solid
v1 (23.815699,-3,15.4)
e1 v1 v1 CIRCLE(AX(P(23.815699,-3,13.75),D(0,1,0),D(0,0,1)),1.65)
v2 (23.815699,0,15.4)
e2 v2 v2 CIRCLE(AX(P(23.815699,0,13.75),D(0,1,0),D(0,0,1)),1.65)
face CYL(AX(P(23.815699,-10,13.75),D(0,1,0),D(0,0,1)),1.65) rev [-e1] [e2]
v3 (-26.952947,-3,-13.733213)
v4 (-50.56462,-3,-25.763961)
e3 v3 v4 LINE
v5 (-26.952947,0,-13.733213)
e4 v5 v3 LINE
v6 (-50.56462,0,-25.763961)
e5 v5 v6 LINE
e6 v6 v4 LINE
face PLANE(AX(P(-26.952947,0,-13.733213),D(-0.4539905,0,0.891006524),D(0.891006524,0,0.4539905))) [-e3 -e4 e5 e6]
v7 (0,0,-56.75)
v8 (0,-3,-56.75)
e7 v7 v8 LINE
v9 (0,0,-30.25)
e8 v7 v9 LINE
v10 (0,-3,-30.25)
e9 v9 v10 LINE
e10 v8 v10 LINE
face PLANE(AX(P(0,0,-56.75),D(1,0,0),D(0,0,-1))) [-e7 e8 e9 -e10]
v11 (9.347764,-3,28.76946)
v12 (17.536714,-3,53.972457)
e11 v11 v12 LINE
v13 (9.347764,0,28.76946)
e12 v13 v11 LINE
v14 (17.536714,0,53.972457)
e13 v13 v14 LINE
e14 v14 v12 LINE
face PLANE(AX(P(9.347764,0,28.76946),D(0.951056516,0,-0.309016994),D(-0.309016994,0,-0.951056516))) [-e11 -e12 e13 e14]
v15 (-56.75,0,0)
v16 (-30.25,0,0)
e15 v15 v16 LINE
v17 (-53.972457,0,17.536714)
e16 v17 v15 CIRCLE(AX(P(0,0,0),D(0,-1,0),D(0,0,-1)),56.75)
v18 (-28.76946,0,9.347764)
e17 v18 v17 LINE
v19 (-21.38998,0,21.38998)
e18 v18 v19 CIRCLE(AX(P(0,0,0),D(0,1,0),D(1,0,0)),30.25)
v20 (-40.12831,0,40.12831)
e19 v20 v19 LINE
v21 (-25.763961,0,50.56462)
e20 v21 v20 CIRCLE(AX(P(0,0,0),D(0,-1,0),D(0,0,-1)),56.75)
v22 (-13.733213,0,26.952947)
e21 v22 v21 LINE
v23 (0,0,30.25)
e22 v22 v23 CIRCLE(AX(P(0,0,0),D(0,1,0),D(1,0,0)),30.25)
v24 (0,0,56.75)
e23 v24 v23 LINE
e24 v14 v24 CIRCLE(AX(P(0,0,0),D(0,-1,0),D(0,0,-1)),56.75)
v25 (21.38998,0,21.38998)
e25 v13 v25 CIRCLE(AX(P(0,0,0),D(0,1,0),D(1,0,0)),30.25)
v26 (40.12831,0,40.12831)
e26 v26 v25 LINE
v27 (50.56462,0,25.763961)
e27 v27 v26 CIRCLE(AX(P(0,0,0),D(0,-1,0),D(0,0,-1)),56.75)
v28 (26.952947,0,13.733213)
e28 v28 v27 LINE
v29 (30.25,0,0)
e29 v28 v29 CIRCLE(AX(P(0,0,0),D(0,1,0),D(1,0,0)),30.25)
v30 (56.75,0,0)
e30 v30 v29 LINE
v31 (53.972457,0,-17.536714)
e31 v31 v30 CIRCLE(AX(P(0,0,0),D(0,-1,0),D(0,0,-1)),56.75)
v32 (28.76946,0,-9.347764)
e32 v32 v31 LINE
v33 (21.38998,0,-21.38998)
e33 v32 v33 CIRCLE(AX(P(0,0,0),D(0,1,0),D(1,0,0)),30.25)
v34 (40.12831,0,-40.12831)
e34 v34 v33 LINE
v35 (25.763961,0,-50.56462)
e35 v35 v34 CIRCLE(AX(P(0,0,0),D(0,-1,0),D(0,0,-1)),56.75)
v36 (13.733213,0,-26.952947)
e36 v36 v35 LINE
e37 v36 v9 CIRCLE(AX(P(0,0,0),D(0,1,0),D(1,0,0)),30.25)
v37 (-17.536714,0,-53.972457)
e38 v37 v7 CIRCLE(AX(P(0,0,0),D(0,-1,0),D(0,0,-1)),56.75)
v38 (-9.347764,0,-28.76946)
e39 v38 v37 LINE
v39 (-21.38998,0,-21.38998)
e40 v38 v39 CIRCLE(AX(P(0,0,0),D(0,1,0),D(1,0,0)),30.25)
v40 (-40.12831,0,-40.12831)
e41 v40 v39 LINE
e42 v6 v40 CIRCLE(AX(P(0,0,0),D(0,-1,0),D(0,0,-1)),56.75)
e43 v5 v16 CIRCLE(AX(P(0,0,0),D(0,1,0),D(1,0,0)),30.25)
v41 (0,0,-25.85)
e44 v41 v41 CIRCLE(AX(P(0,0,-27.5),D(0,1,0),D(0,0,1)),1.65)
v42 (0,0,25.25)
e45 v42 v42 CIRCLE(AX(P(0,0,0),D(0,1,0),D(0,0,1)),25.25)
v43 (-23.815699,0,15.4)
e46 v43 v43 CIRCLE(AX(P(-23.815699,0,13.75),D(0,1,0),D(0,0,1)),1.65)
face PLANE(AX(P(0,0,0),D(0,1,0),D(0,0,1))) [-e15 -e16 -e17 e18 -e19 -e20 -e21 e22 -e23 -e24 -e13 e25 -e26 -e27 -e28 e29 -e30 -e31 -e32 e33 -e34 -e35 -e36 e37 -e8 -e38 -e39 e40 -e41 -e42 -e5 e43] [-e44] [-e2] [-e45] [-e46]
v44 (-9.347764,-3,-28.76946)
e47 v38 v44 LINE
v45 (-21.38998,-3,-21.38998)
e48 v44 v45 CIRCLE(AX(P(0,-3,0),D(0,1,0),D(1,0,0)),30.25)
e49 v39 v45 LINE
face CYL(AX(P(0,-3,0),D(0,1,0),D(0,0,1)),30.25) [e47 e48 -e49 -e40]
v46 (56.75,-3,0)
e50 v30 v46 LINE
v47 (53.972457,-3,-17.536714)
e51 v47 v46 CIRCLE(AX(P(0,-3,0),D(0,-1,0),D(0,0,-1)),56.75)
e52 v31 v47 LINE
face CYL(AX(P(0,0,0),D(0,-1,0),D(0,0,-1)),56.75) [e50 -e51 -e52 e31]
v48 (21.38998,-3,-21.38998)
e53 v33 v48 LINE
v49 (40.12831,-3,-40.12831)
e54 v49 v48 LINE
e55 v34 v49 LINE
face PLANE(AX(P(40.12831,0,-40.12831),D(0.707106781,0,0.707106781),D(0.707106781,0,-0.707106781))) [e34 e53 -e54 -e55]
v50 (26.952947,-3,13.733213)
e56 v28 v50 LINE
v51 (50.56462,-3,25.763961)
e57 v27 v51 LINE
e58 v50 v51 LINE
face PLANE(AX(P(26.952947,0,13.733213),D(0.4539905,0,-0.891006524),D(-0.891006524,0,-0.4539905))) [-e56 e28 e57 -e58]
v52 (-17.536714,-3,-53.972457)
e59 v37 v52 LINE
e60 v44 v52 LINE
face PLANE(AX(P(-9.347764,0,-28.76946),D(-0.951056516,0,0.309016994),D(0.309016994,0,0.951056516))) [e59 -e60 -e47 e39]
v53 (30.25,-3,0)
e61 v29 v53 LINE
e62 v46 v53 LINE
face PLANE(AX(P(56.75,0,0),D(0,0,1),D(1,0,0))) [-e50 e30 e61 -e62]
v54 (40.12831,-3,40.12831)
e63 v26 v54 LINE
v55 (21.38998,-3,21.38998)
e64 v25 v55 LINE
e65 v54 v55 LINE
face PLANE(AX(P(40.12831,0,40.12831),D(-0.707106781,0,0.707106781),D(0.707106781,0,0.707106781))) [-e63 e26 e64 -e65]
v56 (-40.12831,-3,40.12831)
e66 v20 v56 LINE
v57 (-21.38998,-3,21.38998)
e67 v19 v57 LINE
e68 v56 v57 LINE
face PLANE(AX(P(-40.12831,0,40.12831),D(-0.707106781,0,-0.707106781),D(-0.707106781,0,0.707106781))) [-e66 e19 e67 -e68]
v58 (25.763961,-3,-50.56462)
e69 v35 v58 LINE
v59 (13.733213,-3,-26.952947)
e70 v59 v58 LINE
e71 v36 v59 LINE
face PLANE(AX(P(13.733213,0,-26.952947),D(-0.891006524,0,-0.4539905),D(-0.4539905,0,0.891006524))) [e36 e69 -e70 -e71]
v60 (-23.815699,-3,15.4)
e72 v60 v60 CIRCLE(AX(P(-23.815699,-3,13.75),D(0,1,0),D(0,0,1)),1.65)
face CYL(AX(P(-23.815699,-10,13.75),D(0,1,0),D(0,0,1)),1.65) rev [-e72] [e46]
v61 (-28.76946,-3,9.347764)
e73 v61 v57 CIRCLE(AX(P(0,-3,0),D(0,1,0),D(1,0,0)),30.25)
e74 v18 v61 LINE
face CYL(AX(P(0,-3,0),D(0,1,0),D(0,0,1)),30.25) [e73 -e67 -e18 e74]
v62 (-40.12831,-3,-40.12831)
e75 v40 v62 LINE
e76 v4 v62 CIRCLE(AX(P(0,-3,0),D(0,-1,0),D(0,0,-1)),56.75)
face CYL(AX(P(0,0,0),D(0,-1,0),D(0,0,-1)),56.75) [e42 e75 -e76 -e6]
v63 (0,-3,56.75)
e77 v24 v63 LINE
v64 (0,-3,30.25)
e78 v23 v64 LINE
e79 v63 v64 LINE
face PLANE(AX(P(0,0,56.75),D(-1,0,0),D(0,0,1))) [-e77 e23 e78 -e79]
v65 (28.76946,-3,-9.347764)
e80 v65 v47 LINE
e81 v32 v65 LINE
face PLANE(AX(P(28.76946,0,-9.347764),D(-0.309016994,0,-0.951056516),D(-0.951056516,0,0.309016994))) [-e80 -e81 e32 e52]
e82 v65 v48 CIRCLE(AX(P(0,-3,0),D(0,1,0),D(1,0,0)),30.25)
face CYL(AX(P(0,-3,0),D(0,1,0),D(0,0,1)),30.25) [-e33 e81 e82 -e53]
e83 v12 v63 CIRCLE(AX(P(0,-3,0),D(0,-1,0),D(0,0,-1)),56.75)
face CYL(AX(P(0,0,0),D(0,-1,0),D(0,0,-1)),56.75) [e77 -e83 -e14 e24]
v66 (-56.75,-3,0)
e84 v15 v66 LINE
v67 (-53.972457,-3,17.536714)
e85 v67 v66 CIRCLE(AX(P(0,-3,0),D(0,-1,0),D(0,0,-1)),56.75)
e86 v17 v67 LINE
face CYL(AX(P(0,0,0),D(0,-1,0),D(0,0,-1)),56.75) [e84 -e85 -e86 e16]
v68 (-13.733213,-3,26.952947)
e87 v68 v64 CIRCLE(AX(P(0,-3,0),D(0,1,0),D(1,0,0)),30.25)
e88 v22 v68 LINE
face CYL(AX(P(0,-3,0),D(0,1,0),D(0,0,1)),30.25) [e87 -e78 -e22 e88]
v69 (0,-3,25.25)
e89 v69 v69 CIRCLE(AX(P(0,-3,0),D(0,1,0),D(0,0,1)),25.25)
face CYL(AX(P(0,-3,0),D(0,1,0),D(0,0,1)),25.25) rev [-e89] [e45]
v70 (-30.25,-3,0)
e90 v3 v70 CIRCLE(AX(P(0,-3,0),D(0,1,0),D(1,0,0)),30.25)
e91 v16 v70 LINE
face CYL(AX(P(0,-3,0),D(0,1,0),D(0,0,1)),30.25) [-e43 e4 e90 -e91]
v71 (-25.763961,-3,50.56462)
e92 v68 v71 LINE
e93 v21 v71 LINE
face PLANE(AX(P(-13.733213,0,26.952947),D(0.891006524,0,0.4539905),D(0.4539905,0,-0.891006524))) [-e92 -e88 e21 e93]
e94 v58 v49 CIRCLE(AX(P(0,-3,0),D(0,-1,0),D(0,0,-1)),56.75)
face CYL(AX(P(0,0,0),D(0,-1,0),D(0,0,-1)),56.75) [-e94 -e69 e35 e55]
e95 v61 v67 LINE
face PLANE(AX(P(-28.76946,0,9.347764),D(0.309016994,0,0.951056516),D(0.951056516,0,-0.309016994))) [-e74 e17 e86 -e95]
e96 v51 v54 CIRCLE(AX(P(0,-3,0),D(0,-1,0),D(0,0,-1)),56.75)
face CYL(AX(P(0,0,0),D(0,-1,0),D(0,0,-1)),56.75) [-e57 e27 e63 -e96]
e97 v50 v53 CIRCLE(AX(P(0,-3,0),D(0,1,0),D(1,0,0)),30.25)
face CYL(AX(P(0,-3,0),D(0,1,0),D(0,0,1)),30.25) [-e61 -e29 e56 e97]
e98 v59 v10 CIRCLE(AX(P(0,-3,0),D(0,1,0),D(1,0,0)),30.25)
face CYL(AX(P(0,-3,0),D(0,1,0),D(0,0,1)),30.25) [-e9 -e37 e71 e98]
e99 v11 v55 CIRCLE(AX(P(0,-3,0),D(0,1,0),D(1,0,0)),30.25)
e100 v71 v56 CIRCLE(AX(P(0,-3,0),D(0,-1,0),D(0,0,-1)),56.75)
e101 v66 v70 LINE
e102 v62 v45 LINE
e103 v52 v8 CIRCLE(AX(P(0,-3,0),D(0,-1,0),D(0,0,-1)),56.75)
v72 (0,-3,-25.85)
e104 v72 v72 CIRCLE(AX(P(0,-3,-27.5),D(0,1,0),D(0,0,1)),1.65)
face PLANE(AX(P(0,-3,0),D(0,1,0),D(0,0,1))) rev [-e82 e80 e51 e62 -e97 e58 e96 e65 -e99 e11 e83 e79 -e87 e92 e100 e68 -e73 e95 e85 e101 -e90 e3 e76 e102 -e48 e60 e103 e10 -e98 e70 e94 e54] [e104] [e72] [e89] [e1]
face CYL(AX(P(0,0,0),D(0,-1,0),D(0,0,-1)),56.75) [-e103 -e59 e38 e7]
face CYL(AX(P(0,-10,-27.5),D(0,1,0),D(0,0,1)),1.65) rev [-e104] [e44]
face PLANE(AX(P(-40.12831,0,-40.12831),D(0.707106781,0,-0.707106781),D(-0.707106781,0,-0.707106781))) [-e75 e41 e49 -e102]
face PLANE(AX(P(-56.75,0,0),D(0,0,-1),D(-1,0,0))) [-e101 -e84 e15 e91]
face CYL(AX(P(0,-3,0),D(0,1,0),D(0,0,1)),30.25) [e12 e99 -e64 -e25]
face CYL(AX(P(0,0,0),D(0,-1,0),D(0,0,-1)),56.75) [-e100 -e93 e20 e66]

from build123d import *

# Parameters (mm, degrees)
SKETCH1_R           = 30.25
SKETCH1_R_2         = 25.25
EXTRUDE_THIN1_DEPTH = 3
SKETCH2_R           = 1.65
CUT_EXTRUDE3_DEPTH  = 10
BOSS_EXTRUDE1_DEPTH = 3


with BuildPart() as part:
    # Sketch1 → Extrude-Thin1 (new body)
    with BuildSketch(Plane(origin=(0, 0, 0), x_dir=(1, 0, 0), z_dir=(0, 1, 0))):
        Circle(SKETCH1_R)
        Circle(SKETCH1_R_2, mode=Mode.SUBTRACT)
    extrude(amount=-EXTRUDE_THIN1_DEPTH)

    # Sketch2 → Cut-Extrude3 (cut)
    with BuildSketch(Plane(origin=(0, 0, 0), x_dir=(1, 0, 0), z_dir=(0, 1, 0))):
        with Locations((0, 27.5)):
            Circle(SKETCH2_R)
        with Locations((23.815698604, -13.75)):
            Circle(SKETCH2_R)
        with Locations((-23.815698604, -13.75)):
            Circle(SKETCH2_R)
    extrude(amount=-CUT_EXTRUDE3_DEPTH, mode=Mode.SUBTRACT)

    # Sketch5 → Boss-Extrude1 (add)
    with BuildSketch(Plane.XZ.offset(3)):
        with BuildLine():
            Line((0, 56.75), (0, 30.25))
            ThreePointArc((0, 30.25), (4.732142567, 29.877572303), (9.34776408, 28.769459618))
            Line((9.34776408, 28.769459618), (17.536714431, 53.9724573))
            ThreePointArc((17.536714431, 53.9724573), (8.877655891, 56.051313329), (0, 56.75))
        make_face()
        with BuildLine():
            Line((40.128309832, 40.128309832), (21.389980131, 21.389980131))
            ThreePointArc((21.389980131, 21.389980131), (24.47276408, 17.780503882), (26.952947357, 13.733212617))
            Line((26.952947357, 13.733212617), (50.564620248, 25.76396086))
            ThreePointArc((50.564620248, 25.76396086), (45.911714431, 33.356813068), (40.128309832, 40.128309832))
        make_face()
        with BuildLine():
            Line((56.75, 0), (30.25, 0))
            ThreePointArc((30.25, 0), (29.877572303, -4.732142567), (28.769459618, -9.34776408))
            Line((28.769459618, -9.34776408), (53.9724573, -17.536714431))
            ThreePointArc((53.9724573, -17.536714431), (56.051313329, -8.877655891), (56.75, 0))
        make_face()
        with BuildLine():
            Line((40.128309832, -40.128309832), (21.389980131, -21.389980131))
            ThreePointArc((21.389980131, -21.389980131), (17.780503882, -24.47276408), (13.733212617, -26.952947357))
            Line((13.733212617, -26.952947357), (25.76396086, -50.564620248))
            ThreePointArc((25.76396086, -50.564620248), (33.356813068, -45.911714431), (40.128309832, -40.128309832))
        make_face()
        with BuildLine():
            Line((0, -56.75), (0, -30.25))
            ThreePointArc((0, -30.25), (-4.732142567, -29.877572303), (-9.34776408, -28.769459618))
            Line((-9.34776408, -28.769459618), (-17.536714431, -53.9724573))
            ThreePointArc((-17.536714431, -53.9724573), (-8.877655891, -56.051313329), (0, -56.75))
        make_face()
        with BuildLine():
            Line((-40.128309832, -40.128309832), (-21.389980131, -21.389980131))
            ThreePointArc((-21.389980131, -21.389980131), (-24.47276408, -17.780503882), (-26.952947357, -13.733212617))
            Line((-26.952947357, -13.733212617), (-50.564620248, -25.76396086))
            ThreePointArc((-50.564620248, -25.76396086), (-45.911714431, -33.356813068), (-40.128309832, -40.128309832))
        make_face()
        with BuildLine():
            Line((-56.75, 0), (-30.25, 0))
            ThreePointArc((-30.25, 0), (-29.877572303, 4.732142567), (-28.769459618, 9.34776408))
            Line((-28.769459618, 9.34776408), (-53.9724573, 17.536714431))
            ThreePointArc((-53.9724573, 17.536714431), (-56.051313329, 8.877655891), (-56.75, 0))
        make_face()
        with BuildLine():
            Line((-40.128309832, 40.128309832), (-21.389980131, 21.389980131))
            ThreePointArc((-21.389980131, 21.389980131), (-17.780503882, 24.47276408), (-13.733212617, 26.952947357))
            Line((-13.733212617, 26.952947357), (-25.76396086, 50.564620248))
            ThreePointArc((-25.76396086, 50.564620248), (-33.356813068, 45.911714431), (-40.128309832, 40.128309832))
        make_face()
    extrude(amount=-BOSS_EXTRUDE1_DEPTH)


solid = part.part
